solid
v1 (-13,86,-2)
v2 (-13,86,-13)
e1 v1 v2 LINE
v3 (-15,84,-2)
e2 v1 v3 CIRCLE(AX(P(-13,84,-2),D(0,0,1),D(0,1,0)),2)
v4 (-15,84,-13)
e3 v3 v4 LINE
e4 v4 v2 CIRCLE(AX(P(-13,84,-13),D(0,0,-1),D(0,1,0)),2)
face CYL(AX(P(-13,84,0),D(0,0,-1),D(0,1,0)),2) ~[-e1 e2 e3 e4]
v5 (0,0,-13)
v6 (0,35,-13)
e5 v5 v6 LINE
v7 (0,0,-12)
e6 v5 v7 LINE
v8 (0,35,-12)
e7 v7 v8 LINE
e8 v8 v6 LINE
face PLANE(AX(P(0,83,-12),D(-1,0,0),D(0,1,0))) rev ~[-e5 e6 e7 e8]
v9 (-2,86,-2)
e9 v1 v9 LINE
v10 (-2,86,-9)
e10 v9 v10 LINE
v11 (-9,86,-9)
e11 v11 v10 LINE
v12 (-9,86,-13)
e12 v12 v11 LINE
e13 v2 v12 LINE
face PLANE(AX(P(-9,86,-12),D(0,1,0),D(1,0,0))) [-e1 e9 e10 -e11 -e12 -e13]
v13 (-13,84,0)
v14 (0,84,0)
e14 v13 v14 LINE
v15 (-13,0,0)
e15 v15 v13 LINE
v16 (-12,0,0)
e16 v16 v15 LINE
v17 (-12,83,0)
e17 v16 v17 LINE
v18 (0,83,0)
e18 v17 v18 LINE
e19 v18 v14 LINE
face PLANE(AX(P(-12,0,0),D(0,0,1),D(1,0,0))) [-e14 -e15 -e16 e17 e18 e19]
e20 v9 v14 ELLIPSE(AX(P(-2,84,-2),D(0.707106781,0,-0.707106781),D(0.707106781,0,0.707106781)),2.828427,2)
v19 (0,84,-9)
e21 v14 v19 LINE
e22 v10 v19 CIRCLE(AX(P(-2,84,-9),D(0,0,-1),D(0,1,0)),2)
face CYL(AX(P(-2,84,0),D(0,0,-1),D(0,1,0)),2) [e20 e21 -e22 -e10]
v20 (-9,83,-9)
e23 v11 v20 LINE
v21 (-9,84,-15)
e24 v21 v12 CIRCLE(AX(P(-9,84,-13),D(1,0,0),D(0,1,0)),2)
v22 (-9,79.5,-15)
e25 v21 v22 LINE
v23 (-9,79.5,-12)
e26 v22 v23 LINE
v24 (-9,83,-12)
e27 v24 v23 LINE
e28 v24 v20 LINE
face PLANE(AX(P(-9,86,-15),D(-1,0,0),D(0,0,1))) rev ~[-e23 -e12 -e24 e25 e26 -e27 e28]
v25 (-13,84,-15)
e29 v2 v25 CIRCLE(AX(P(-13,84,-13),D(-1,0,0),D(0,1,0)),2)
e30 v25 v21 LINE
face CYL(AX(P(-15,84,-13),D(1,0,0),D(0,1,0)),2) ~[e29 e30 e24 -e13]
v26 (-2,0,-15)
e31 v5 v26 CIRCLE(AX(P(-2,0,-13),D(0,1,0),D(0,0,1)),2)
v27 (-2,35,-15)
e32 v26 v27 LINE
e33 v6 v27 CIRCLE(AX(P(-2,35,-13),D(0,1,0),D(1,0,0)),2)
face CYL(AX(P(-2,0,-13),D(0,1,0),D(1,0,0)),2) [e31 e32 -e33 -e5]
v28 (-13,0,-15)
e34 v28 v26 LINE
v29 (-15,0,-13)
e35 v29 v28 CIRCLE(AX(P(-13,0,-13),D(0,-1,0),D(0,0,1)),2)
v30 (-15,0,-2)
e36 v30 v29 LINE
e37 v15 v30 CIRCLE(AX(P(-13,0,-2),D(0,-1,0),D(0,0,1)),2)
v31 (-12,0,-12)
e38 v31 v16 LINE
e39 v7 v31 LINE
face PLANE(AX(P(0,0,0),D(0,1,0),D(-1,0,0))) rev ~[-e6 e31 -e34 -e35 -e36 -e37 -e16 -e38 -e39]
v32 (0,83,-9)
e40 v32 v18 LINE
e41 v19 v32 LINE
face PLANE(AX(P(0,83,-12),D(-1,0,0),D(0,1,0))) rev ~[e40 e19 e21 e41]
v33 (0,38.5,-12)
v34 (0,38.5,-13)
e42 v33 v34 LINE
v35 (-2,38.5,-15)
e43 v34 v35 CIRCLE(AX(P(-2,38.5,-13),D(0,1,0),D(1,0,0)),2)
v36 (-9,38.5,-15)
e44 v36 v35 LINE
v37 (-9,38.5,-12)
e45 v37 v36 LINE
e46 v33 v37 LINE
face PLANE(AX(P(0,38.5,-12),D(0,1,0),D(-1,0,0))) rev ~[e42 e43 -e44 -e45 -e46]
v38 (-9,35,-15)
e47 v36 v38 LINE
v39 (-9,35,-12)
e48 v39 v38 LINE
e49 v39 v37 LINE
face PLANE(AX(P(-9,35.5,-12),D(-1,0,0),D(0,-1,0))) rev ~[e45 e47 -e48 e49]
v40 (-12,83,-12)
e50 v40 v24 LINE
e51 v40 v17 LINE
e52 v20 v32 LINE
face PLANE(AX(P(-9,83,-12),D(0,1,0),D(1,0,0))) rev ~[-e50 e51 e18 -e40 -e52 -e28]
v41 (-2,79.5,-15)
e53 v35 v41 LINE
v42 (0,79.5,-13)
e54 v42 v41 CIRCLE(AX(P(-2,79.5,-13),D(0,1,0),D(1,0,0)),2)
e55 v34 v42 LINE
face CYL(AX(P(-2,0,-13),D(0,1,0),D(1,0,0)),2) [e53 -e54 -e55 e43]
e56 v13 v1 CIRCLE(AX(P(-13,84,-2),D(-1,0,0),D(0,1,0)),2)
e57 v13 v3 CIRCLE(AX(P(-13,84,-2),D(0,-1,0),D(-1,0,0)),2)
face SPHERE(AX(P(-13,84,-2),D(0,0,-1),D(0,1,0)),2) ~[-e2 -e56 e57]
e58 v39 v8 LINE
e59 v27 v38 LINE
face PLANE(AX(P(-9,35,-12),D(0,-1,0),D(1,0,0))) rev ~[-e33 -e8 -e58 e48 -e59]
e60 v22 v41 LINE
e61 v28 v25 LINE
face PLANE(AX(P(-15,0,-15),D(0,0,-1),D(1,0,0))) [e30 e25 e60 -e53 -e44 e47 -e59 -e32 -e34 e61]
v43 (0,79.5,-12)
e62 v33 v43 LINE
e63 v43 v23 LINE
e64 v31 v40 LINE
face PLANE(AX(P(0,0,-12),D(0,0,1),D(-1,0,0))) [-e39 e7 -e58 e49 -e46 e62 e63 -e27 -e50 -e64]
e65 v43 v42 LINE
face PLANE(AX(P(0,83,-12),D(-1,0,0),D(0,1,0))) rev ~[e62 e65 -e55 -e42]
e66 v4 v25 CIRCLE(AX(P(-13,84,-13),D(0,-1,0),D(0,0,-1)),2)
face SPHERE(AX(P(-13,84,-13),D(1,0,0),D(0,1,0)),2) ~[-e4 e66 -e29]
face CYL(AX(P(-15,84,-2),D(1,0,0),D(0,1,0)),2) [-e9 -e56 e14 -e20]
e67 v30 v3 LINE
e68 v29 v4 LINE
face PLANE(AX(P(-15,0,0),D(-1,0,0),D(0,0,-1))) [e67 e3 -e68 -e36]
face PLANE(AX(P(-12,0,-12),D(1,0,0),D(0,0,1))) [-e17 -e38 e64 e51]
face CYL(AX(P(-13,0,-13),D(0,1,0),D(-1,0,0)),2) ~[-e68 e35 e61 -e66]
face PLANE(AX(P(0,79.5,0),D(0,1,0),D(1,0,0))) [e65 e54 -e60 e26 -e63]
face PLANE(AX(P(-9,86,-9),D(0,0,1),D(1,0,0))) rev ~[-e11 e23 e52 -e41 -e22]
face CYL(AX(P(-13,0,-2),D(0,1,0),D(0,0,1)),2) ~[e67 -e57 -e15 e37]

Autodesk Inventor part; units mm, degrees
ref_plane "YZ Plane" through (0, 0, 0) normal (1, 0, 0) x (0, 1, 0)
ref_plane "XZ Plane" through (0, 0, 0) normal (0, 1, 0) x (-1, 0, 0)
ref_plane "XY Plane" through (0, 0, 0) normal (0, 0, 1) x (1, 0, 0)
sketch "Sketch1" plane through (0, 0, 0) normal (0, 1, 0) x (-1, 0, 0)
  line L0 (15, 0) -> (15, -15)
  line L1 (15, -15) -> (0, -15)
  line L2 (0, -15) -> (0, -12)
  line L3 (0, -12) -> (12, -12)
  line L4 (12, -12) -> (12, 0)
  line L5 (12, 0) -> (15, 0)
  point P0 (0, 0)
  dimension "d0" = 15
  dimension "d1" = 15
  dimension "d10" = 3
  dimension "d11" = 12
  dimension "d12" = 12
extrude "Extrusion1" add sketch "Sketch1" along normal blind 86
sketch "Sketch4" plane through (-12, 0, 0) normal (1, 0, 0) x (0, 0, -1)
  line L0 (0, 0) -> (0, 86) projected
  line L1 (12, 0) -> (12, 86) projected
  line L2 (0, 86) -> (12, 86)
  line L3 (12, 86) -> (12, 83)
  line L4 (12, 83) -> (0, 83)
  line L5 (0, 83) -> (0, 86)
  dimension "d13" = 3
extrude "Extrusion3" add sketch "Sketch4" along normal blind 3
sketch "Sketch6" plane through (-12, 0, -12) normal (0, 0, 1) x (1, 0, 0)
  line L0 (3, 86) -> (12, 86) projected
  line L1 (12, 86) -> (3, 86)
  line L2 (3, 86) -> (3, 83)
  line L3 (3, 83) -> (12, 83)
  line L4 (12, 83) -> (12, 86)
  point P0 (12, 0)
extrude "Extrusion4" add sketch "Sketch6" along normal blind 12
fillet "Fillet3" radius 2 7 edges at (-7.5, 86, -15) (-15, 86, -7.5) (-15, 43, -15) (0, 43, -15) (-7.5, 86, 0) (0, 86, -7.5) (-15, 43, 0)
sketch "Sketch11" plane through (0, 86, 0) normal (0, 1, 0) x (1, 0, 0)
  arc A0 (-15, 2) -> (-13, 0) centre (-13, 2) ccw projected
  line L0 (0, 10.8348) -> (0, 14)
  line L1 (-9, 9) -> (0, 9)
  line L2 (0, 9) -> (0, 10.8348)
  line L3 (-9, 15) -> (0, 15)
  line L4 (0, 15) -> (0, 9)
  line L5 (-9, 15) -> (-9, 9)
  line L6 (0, 0) -> (0, 13) projected
  point P0 (-13, 0)
  point P1 (0, 15)
extrude "Extrusion7" cut sketch "Sketch11" against normal blind 6.5
sketch "Sketch12" plane through (-12, 0, -12) normal (0, 0, 1) x (1, 0, 0)
  line L0 (12, 33) -> (21, 33) construction
  line L1 (12, 0) -> (12, 79.5) projected
  line L2 (3, 36) -> (3, 35.5)
  line L3 (12, 38.5) -> (3, 38.5)
  line L4 (3, 38.5) -> (3, 35)
  line L5 (3, 35) -> (12, 35)
  dimension "d44" = 3.5
  dimension "d45" = 9
extrude "Extrusion8" cut sketch "Sketch12" against normal through all
properties part number "DoosjeHoeken" material "ABS Plastic"
